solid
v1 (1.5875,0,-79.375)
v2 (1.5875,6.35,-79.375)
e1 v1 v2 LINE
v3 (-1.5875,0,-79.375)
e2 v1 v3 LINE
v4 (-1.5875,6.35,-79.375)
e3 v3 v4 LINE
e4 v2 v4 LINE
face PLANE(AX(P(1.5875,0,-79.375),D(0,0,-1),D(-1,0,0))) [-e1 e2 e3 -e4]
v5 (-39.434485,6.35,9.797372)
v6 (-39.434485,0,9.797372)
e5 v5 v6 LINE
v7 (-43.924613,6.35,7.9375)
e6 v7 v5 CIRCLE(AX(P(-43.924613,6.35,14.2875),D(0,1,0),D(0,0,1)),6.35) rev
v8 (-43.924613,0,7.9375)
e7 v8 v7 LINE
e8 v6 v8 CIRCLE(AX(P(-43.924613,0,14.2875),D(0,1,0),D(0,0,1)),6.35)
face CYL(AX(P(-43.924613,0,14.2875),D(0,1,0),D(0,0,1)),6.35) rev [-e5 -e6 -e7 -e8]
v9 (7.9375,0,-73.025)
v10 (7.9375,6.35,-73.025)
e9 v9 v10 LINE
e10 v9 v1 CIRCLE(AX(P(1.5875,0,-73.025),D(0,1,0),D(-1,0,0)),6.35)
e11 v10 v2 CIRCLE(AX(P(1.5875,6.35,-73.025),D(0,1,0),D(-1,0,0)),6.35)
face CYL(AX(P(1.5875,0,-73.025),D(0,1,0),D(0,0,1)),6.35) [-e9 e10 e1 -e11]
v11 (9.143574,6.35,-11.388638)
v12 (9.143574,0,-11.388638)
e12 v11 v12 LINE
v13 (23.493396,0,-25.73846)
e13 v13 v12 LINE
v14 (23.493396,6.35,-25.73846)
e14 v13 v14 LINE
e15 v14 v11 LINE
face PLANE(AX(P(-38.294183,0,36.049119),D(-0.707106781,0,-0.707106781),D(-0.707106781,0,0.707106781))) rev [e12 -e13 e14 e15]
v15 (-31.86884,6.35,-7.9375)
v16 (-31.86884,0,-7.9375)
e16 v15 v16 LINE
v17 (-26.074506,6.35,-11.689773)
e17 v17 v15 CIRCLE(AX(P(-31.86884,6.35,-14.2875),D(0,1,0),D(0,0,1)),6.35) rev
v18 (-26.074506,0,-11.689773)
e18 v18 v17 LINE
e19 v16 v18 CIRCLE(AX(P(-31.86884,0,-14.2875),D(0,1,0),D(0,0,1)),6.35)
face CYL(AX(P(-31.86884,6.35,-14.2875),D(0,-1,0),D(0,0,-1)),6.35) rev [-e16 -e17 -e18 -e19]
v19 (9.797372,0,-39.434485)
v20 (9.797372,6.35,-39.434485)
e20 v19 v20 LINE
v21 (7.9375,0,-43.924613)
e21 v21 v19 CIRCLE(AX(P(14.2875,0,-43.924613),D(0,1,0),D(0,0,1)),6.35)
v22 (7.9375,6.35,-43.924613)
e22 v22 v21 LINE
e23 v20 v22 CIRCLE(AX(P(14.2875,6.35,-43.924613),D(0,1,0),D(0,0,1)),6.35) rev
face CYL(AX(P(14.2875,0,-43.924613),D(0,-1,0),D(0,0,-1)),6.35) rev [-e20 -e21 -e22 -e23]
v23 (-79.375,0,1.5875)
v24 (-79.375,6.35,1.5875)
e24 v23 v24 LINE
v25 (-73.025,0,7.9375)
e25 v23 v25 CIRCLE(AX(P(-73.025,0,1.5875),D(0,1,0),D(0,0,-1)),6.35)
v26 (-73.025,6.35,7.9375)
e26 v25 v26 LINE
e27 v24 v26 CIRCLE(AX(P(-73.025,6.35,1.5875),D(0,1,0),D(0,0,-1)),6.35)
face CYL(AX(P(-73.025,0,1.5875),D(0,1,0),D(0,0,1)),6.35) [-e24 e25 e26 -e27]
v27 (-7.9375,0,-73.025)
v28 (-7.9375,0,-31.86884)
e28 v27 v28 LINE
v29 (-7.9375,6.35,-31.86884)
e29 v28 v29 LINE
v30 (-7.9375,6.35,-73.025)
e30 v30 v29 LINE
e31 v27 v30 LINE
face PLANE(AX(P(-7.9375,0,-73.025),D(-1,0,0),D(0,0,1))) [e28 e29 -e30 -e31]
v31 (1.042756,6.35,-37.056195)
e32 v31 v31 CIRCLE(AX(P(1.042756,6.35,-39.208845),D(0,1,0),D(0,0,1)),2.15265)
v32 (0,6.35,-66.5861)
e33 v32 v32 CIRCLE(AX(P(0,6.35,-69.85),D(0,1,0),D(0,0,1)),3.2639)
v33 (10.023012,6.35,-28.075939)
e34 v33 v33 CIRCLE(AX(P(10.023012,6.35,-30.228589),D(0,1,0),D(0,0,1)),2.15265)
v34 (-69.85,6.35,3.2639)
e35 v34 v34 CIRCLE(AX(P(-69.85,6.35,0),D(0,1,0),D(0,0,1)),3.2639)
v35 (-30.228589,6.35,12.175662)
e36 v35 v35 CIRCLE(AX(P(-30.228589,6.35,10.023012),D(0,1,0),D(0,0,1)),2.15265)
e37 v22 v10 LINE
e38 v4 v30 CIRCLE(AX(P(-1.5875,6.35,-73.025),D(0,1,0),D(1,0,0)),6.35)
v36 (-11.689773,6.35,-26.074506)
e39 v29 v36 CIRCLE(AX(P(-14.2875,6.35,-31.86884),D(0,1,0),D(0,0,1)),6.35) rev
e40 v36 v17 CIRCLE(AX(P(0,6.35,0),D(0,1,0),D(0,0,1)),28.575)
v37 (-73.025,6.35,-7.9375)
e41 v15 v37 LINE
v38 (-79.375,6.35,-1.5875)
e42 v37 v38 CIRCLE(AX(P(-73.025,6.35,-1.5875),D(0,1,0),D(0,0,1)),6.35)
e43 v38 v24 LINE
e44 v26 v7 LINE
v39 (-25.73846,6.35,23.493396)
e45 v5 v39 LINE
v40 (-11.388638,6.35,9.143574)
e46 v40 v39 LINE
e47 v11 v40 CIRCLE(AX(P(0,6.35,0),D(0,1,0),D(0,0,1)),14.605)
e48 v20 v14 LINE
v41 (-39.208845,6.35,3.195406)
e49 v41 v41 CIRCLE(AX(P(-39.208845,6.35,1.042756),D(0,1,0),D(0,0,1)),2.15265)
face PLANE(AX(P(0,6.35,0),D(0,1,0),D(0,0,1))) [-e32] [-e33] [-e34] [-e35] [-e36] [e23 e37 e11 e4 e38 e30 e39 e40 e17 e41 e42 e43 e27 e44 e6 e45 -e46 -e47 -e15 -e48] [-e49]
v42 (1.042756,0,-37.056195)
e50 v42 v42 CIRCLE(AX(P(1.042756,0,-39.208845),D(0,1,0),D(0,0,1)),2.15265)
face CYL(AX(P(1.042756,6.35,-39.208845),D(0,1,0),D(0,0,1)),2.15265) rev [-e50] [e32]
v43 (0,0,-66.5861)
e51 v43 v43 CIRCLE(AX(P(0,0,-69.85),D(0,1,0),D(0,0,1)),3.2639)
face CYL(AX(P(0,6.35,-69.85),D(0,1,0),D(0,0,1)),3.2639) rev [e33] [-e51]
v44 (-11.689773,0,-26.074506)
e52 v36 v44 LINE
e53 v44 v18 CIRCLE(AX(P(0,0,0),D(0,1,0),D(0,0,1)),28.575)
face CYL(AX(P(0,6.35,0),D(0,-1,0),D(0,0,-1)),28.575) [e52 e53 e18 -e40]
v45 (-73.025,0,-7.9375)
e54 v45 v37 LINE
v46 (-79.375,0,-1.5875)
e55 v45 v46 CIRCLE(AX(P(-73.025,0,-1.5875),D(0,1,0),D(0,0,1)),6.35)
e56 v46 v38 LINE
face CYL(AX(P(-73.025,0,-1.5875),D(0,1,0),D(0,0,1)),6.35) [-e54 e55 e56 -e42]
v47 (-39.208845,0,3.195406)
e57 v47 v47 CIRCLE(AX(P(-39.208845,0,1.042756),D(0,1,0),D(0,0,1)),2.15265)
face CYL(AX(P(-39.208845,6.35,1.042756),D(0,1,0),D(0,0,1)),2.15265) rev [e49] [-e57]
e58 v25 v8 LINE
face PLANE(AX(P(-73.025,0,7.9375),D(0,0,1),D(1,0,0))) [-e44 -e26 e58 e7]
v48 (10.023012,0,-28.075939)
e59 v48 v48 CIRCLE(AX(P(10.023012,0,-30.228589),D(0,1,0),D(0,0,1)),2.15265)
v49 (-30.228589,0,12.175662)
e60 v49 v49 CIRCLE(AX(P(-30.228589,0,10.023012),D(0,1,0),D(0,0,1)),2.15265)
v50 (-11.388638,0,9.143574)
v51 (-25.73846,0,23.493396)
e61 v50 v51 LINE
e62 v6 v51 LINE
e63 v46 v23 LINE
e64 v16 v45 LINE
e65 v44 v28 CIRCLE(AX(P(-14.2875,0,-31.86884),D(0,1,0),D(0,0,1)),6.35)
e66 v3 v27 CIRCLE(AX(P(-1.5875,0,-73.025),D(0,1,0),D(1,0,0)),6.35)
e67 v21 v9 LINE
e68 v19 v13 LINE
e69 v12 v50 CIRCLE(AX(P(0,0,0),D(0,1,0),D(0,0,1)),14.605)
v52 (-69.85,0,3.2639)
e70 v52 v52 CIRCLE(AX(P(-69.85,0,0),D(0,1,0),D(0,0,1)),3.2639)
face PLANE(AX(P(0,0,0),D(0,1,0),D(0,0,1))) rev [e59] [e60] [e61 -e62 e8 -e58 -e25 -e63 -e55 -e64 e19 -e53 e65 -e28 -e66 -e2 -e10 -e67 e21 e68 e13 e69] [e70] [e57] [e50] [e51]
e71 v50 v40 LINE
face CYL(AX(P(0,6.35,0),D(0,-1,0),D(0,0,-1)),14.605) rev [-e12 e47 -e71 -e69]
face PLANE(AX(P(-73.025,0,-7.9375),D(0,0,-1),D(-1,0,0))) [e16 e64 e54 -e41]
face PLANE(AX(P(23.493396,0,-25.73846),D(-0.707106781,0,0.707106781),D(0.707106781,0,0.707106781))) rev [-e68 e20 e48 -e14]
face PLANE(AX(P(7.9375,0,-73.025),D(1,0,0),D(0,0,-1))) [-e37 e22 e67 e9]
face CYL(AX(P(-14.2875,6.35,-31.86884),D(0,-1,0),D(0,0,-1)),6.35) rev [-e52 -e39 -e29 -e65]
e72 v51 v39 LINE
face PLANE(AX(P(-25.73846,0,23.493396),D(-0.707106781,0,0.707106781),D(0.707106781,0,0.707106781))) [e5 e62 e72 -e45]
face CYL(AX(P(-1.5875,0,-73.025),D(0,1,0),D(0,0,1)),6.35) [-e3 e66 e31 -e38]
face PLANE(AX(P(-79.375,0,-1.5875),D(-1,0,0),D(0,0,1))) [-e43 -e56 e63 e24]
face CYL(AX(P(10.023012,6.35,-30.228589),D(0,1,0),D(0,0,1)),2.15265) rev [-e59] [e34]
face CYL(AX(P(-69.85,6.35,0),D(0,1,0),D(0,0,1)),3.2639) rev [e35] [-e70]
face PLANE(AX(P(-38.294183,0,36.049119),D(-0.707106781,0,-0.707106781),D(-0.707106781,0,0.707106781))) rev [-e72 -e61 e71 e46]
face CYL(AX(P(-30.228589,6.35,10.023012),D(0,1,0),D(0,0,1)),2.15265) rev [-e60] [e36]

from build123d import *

# Parameters (mm, degrees)
SKETCH1_R                    = 28.575
SKETCH1_R_2                  = 14.605
BOSS_EXTRUDE1_DEPTH          = 6.35
BOSS_EXTRUDE2_DEPTH          = 6.35
F_0_257_DIAMETER_HOLE1_D     = 6.5278
CIRPATTERN1_COUNT            = 4
CUT_EXTRUDE1_DEPTH           = 113.432663181
FILLET1_R                    = 6.35
BOSS_EXTRUDE3_DEPTH          = 6.35
F_18_0_1695_DIAMETER_HOLE1_D = 4.3053
FILLET2_R                    = 6.35


with BuildPart() as part:
    # Sketch1 → Boss-Extrude1 (new body)
    with BuildSketch(Plane(origin=(0, 0, 0), x_dir=(1, 0, 0), z_dir=(0, 1, 0))):
        with Locations(Location((0, 0, 0), (0, 0, 270))):
            Circle(SKETCH1_R)
        with Locations(Location((0, 0, 0), (0, 0, 270))):
            Circle(SKETCH1_R_2, mode=Mode.SUBTRACT)
    extrude(amount=BOSS_EXTRUDE1_DEPTH)

    # Sketch2 → Boss-Extrude2 (add)
    with BuildSketch(Plane(origin=(0, 6.35, 0), x_dir=(1, 0, 0), z_dir=(0, 1, 0))):
        with BuildLine():
            Line((73.025, -7.9375), (25.4, -7.9375))
            Line((25.4, -7.9375), (25.4, 7.9375))
            Line((25.4, 7.9375), (73.025, 7.9375))
            ThreePointArc((73.025, 7.9375), (77.515128061, 6.077628061), (79.375, 1.5875))
            Line((79.375, 1.5875), (79.375, -1.5875))
            ThreePointArc((79.375, -1.5875), (77.515128061, -6.077628061), (73.025, -7.9375))
        make_face()
    boss_extrude2 = extrude(amount=-BOSS_EXTRUDE2_DEPTH)

    # F (0.257) Diameter Hole1 (through all)
    with Locations(Plane(origin=(0, 6.35, 0), x_dir=(1, 0, 0), z_dir=(0, 1, 0))):
        with Locations((69.85, 0)):
            f_0_257_diameter_hole1 = Hole(F_0_257_DIAMETER_HOLE1_D / 2)

    # CirPattern1: Boss-Extrude2, F (0.257) Diameter Hole1 ×4 about axis
    cirpattern1_axis = Axis((0, 0, 0), (0, 1, 0))
    add([boss_extrude2.rotate(cirpattern1_axis, i * 360 / CIRPATTERN1_COUNT) for i in range(1, CIRPATTERN1_COUNT)])
    add([f_0_257_diameter_hole1.rotate(cirpattern1_axis, i * 360 / CIRPATTERN1_COUNT) for i in range(1, CIRPATTERN1_COUNT)], mode=Mode.SUBTRACT)

    # Sketch5 → Cut-Extrude1 (cut, through all)
    with BuildSketch(Plane(origin=(0, 6.35, 0), x_dir=(1, 0, 0), z_dir=(0, 1, 0))):
        Polygon((-38.294182992, -36.049118961), (36.049118961, 38.294182992), (38.294182992, 36.049118961), (-36.049118961, -38.294182992), align=None)
    extrude(amount=-CUT_EXTRUDE1_DEPTH, mode=Mode.SUBTRACT)


with BuildPart() as body_2:
    # of the pieces the cut leaves, the one that is kept (cut_extrude1_keep)
    add(part.part.solids().sort_by_distance((19.051838715, 0, -21.296902746))[0])

    # Fillet1
    fillet1_edges = [body_2.edges().sort_by_distance(p)[0] for p in [
        (-7.9375, 3.175, -27.450441139),
        (-27.450441139, 3.175, -7.9375),
    ]]
    fillet(fillet1_edges, radius=FILLET1_R)

    # Sketch7 → Boss-Extrude3 (add)
    with BuildSketch(Plane(origin=(0, 6.35, 0), x_dir=(1, 0, 0), z_dir=(0, 1, 0))):
        Polygon((-14.513140303, -12.268076272), (-25.738460454, -23.493396424), (-45.944036726, -3.287820151), (-34.718716575, 7.9375), align=None)
    boss_extrude3 = extrude(amount=-BOSS_EXTRUDE3_DEPTH)

    # #18 (0.1695) Diameter Hole1 (through all)
    with Locations(Plane(origin=(0, 6.35, 0), x_dir=(1, 0, 0), z_dir=(0, 1, 0))):
        with Locations((-30.228588515, -10.023012242), (-39.208844636, -1.042756121)):
            f_18_0_1695_diameter_hole1 = Hole(F_18_0_1695_DIAMETER_HOLE1_D / 2)

    # Mirror1: Boss-Extrude3, #18 (0.1695) Diameter Hole1 across plane
    add(boss_extrude3.mirror(Plane(origin=(0, 0, 0), x_dir=(0.7071067811865478, 0, 0.7071067811865472), z_dir=(0.7071067811865475, 0, -0.7071067811865477))))
    add(f_18_0_1695_diameter_hole1.mirror(Plane(origin=(0, 0, 0), x_dir=(0.7071067811865478, 0, 0.7071067811865472), z_dir=(0.7071067811865475, 0, -0.7071067811865477))), mode=Mode.SUBTRACT)

    # Fillet2
    fillet2_edges = [body_2.edges().sort_by_distance(p)[0] for p in [
        (-41.294356878, 3.175, 7.9375),
        (7.9375, 3.175, -41.294356878),
    ]]
    fillet(fillet2_edges, radius=FILLET2_R)


solid = body_2.part
